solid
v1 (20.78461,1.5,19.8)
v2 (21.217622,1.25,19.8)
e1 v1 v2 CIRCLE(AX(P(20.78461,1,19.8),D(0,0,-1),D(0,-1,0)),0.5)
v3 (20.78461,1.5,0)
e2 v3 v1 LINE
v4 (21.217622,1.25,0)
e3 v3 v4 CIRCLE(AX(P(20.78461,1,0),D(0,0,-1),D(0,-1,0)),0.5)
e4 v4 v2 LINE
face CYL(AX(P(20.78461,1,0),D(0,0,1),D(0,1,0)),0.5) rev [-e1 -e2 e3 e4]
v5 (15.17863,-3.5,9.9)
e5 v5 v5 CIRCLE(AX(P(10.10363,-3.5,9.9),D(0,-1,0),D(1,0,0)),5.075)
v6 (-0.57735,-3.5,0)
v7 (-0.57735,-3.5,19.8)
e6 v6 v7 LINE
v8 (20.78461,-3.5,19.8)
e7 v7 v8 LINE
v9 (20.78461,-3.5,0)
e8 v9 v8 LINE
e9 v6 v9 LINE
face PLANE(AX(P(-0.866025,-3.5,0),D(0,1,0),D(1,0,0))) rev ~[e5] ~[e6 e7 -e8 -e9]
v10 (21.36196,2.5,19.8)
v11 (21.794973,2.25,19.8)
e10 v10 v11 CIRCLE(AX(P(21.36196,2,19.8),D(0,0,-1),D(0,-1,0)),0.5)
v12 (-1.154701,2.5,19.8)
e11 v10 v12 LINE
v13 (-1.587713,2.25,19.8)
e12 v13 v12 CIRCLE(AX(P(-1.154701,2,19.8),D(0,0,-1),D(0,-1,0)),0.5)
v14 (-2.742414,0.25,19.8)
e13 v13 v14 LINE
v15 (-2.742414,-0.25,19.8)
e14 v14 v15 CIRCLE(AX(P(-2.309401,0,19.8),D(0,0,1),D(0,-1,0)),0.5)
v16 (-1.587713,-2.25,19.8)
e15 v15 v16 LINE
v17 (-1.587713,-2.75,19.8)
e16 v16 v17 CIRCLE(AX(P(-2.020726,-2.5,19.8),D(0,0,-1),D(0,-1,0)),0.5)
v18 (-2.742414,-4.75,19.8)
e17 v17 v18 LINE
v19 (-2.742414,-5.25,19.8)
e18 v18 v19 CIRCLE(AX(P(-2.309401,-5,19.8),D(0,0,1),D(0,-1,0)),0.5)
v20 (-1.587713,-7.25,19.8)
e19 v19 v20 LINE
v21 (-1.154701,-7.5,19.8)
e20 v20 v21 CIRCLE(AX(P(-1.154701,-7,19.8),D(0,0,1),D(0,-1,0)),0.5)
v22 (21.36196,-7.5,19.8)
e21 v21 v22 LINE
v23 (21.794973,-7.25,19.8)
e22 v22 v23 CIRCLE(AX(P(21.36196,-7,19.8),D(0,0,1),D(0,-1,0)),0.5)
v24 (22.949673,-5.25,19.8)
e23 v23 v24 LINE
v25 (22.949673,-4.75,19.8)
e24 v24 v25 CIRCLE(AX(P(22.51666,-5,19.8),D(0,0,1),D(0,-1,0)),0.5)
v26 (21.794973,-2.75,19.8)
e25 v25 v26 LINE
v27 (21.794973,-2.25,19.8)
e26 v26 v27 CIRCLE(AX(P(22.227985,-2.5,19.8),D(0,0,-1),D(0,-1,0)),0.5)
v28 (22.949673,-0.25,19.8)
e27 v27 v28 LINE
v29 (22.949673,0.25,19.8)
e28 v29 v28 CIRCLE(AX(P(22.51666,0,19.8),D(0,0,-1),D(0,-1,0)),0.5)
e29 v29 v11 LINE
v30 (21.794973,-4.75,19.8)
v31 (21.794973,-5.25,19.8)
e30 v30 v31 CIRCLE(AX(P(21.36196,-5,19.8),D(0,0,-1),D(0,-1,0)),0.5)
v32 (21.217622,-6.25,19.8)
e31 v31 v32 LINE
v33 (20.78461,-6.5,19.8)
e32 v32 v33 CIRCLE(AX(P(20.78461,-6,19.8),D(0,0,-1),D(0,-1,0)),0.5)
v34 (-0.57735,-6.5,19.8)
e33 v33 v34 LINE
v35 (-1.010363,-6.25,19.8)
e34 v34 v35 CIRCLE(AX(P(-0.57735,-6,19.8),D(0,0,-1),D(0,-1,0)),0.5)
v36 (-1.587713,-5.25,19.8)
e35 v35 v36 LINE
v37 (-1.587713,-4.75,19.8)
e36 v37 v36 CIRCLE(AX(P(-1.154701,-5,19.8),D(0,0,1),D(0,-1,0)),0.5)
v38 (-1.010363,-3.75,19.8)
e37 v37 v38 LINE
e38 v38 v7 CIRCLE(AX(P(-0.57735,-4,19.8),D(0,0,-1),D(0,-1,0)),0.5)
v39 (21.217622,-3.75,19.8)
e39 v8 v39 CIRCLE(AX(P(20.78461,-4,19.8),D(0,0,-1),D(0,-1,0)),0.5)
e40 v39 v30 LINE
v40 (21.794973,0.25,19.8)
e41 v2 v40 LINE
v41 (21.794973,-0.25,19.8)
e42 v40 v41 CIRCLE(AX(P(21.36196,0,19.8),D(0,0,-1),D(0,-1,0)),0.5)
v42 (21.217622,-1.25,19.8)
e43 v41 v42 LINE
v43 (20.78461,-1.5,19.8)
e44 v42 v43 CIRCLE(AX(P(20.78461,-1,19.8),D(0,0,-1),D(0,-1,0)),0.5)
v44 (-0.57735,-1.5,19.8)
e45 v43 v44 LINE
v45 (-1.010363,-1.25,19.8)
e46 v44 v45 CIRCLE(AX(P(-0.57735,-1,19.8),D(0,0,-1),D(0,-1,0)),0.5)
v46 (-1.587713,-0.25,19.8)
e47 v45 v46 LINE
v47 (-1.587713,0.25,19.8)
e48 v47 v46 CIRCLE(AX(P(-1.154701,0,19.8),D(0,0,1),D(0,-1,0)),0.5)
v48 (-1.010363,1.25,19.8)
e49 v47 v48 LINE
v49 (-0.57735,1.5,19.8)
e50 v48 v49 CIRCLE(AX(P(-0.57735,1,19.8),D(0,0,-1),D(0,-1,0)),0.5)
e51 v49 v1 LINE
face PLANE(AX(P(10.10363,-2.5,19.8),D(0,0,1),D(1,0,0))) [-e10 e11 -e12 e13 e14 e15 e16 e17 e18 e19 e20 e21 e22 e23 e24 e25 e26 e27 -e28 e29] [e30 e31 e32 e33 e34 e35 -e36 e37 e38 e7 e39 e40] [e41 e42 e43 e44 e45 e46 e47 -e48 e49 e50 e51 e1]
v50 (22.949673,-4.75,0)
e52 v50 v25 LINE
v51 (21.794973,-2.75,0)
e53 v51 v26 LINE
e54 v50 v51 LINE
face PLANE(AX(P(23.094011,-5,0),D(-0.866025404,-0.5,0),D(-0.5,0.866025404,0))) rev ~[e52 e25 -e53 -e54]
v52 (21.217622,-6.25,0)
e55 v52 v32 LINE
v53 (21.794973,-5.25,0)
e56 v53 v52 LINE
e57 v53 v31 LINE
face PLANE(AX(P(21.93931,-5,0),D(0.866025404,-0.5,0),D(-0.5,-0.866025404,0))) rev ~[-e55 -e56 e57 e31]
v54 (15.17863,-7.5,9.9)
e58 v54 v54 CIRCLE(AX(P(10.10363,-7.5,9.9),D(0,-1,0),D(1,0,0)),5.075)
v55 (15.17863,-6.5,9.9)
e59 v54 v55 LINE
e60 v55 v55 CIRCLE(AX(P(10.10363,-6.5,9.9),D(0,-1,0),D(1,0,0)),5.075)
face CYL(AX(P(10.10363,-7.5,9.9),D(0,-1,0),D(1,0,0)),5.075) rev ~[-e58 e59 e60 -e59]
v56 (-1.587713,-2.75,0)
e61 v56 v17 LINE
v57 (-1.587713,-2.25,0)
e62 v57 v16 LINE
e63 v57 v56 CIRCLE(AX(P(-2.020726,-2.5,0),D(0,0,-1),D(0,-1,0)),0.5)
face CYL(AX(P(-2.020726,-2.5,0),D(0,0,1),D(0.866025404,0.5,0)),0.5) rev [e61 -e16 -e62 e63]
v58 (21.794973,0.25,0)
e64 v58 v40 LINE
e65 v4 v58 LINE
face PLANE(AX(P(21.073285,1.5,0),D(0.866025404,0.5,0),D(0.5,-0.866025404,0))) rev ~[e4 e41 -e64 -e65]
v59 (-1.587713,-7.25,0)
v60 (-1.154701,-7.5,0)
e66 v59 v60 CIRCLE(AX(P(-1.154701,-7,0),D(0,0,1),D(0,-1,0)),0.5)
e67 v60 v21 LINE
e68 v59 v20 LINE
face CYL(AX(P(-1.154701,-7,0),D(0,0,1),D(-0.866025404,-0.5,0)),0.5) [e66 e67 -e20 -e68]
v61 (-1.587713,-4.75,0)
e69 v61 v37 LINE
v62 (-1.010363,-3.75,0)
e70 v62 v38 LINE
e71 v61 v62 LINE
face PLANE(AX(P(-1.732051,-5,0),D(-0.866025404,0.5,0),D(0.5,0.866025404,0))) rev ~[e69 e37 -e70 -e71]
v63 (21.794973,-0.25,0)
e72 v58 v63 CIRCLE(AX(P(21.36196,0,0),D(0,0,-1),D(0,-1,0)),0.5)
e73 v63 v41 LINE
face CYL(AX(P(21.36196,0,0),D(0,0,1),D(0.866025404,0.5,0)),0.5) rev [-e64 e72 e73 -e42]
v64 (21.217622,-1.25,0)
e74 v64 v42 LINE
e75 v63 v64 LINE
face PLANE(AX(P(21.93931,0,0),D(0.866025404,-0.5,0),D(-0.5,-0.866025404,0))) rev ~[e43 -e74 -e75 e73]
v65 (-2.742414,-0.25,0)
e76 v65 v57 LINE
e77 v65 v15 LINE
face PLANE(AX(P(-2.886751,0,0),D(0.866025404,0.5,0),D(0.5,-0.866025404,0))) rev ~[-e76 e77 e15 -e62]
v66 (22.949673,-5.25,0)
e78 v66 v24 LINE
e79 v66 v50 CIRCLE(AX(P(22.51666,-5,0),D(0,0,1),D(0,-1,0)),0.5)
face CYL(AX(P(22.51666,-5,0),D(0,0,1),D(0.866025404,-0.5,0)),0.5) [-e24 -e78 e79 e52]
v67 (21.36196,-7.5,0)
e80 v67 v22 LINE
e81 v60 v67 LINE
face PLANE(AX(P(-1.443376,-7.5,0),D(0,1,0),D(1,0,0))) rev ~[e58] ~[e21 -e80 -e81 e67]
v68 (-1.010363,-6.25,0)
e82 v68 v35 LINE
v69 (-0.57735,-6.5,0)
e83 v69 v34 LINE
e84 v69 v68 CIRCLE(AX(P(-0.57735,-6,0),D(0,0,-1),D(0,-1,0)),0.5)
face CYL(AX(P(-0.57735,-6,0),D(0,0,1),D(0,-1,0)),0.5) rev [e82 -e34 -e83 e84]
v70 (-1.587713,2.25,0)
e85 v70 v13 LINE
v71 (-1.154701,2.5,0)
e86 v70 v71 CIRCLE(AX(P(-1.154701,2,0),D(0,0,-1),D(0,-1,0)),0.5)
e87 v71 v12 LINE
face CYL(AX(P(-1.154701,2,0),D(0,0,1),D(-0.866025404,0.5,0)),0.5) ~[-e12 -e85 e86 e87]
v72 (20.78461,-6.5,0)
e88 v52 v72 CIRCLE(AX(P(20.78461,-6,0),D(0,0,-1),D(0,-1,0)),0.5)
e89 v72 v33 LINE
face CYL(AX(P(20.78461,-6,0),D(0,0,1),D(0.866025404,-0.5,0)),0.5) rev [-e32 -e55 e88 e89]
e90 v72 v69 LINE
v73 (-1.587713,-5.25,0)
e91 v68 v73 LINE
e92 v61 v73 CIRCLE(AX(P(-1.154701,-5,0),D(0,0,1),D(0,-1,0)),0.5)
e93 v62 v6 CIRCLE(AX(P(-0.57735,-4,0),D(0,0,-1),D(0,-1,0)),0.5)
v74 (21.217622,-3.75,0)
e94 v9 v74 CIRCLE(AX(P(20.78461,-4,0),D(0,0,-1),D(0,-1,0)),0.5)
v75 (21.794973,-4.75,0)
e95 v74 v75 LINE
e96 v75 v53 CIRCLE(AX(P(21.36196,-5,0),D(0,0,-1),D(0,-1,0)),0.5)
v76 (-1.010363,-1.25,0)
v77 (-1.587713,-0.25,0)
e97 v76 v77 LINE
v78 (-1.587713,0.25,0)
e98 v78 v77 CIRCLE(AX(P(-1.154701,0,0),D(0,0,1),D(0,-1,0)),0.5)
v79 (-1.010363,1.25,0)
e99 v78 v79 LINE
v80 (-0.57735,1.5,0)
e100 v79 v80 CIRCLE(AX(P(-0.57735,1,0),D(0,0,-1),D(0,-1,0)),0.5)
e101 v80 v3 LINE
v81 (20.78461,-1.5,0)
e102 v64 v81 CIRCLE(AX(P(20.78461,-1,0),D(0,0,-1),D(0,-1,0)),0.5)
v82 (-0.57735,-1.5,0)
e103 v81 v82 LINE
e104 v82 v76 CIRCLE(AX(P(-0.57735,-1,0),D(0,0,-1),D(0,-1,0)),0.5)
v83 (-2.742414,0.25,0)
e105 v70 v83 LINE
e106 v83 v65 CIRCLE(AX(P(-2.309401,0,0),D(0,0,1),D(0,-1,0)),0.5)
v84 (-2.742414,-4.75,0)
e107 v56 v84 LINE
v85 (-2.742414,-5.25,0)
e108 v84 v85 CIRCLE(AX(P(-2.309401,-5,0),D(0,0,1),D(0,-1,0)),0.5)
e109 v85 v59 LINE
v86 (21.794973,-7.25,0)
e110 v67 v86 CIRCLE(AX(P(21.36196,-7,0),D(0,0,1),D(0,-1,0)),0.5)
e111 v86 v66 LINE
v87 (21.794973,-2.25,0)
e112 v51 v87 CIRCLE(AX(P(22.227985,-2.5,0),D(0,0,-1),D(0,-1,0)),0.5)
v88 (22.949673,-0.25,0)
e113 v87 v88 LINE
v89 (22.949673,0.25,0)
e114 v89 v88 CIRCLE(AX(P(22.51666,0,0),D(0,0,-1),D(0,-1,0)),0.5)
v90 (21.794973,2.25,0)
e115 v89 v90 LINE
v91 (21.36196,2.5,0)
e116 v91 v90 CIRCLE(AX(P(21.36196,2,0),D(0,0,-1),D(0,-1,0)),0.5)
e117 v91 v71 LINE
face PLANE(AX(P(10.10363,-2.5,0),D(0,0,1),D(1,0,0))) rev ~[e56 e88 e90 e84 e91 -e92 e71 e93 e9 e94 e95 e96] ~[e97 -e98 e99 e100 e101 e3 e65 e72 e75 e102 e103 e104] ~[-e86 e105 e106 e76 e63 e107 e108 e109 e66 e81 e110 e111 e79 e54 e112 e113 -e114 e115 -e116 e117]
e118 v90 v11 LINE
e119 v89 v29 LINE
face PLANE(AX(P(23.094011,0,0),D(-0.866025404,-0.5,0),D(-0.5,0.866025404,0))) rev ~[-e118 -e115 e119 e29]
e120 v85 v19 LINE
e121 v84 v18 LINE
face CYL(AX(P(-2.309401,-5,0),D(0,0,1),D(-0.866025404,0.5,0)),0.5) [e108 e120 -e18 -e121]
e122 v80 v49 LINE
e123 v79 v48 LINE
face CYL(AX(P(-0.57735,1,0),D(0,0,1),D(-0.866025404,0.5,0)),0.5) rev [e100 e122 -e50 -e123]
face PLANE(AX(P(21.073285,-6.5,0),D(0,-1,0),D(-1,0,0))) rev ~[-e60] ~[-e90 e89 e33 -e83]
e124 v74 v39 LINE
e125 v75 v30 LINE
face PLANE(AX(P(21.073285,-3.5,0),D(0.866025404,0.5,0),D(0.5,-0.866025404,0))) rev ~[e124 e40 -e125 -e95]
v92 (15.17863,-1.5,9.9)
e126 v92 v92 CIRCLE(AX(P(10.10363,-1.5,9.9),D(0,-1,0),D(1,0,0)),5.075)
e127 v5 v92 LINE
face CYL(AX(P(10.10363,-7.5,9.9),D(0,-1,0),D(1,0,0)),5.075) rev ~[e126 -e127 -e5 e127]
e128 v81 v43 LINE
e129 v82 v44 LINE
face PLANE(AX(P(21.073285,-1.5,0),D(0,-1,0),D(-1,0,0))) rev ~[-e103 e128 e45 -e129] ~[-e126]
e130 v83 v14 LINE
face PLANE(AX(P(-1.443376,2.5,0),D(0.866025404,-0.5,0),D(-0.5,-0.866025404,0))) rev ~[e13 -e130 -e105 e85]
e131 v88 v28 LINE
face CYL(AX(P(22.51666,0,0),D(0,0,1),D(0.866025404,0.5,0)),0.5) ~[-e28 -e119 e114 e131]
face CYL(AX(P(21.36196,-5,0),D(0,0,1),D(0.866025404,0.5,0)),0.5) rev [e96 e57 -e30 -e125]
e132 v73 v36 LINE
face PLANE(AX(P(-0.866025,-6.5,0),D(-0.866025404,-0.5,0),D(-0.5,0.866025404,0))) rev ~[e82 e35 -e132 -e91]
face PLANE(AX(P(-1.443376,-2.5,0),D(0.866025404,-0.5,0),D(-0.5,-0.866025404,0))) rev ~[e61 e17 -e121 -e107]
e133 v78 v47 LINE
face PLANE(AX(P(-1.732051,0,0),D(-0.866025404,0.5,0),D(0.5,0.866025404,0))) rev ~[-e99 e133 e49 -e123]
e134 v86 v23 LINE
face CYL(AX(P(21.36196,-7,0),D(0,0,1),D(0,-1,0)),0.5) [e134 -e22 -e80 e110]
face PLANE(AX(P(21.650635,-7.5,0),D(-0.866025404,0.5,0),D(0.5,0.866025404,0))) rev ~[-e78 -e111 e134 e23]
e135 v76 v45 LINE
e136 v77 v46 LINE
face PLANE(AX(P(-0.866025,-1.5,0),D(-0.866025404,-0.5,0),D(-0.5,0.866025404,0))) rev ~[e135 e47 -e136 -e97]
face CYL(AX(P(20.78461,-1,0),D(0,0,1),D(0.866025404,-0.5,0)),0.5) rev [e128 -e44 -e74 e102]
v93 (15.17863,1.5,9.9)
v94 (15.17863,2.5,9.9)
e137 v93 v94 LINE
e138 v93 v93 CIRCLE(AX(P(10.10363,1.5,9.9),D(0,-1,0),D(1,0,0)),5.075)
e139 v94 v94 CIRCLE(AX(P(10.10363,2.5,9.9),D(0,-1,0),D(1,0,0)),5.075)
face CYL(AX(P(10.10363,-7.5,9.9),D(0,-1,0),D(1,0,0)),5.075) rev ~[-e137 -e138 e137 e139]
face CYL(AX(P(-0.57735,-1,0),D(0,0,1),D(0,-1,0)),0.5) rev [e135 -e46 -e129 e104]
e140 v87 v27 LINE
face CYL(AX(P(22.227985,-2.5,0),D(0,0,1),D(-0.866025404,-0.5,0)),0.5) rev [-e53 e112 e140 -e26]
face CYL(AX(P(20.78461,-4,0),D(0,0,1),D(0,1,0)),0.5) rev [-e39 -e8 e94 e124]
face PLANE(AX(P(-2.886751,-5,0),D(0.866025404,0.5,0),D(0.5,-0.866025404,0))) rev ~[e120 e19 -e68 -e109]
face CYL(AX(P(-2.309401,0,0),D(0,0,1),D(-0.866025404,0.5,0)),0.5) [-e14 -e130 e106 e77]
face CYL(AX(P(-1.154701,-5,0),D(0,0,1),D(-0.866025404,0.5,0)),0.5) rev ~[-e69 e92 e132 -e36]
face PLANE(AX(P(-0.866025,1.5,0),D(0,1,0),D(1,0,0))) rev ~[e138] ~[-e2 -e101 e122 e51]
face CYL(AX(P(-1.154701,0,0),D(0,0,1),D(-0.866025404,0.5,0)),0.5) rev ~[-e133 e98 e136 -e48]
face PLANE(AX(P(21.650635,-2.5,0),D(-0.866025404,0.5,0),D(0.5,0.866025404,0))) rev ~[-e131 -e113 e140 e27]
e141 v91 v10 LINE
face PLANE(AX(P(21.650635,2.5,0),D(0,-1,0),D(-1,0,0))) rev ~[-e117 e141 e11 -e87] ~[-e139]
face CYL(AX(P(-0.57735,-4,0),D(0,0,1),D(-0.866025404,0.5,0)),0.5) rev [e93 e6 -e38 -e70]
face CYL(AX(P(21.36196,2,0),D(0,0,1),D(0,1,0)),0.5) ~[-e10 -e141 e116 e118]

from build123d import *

# Parameters (mm, degrees)
BOSS_EXTRUDE5_DEPTH = 19.8
SKETCH6_R           = 5.075
CUT_EXTRUDE1_DEPTH  = 10
FILLET2_R           = 0.5


with BuildPart() as part:
    # Sketch5 → Boss-Extrude5 (new body)
    with BuildSketch(Plane.XY):
        Polygon((4.330127019, 2.5), (1.443375673, 2.5), (-1.443375673, 2.5), (-2.886751346, 0), (-1.443375673, -2.5), (-2.886751346, -5), (-1.443375673, -7.5), (1.443375673, -7.5), (4.330127019, -7.5), (7.216878365, -7.5), (10.103629711, -7.5), (12.990381057, -7.5), (15.877132403, -7.5), (18.763883749, -7.5), (21.650635095, -7.5), (23.094010768, -5), (21.650635095, -2.5), (23.094010768, 0), (21.650635095, 2.5), (18.763883749, 2.5), (15.877132403, 2.5), (12.990381057, 2.5), (10.103629711, 2.5), (7.216878365, 2.5), align=None)
        Polygon((-0.866025404, -3.5), (0.866025404, -3.5), (2.020725942, -3.5), (19.341234018, -3.5), (21.073284825, -3.5), (21.939310229, -5), (21.073284825, -6.5), (19.341234018, -6.5), (0.866025404, -6.5), (-0.866025404, -6.5), (-1.732050808, -5), align=None, mode=Mode.SUBTRACT)
        Polygon((-0.866025404, 1.5), (0.866025404, 1.5), (18.186533479, 1.5), (19.341234018, 1.5), (21.073284825, 1.5), (21.939310229, 0), (21.073284825, -1.5), (19.341234018, -1.5), (0.866025404, -1.5), (-0.866025404, -1.5), (-1.732050808, 0), align=None, mode=Mode.SUBTRACT)
    extrude(amount=BOSS_EXTRUDE5_DEPTH)

    # Sketch6 → Cut-Extrude1 (cut)
    with BuildSketch(Plane.XZ.offset(7.5)):
        with Locations((10.103629827, 9.9)):
            Circle(SKETCH6_R)
    extrude(amount=-CUT_EXTRUDE1_DEPTH, mode=Mode.SUBTRACT)

    # Fillet2
    fillet2_edges = [part.edges().sort_by_distance(p)[0] for p in [
        (21.073284825, -3.5, 9.9),
        (-0.866025404, -3.5, 9.9),
        (-1.732050808, -5, 9.9),
        (-0.866025404, -6.5, 9.9),
        (21.073284825, -6.5, 9.9),
        (21.939310229, -5, 9.9),
        (21.650635095, 2.5, 9.9),
        (23.094010768, 0, 9.9),
        (21.650635095, -2.5, 9.9),
        (23.094010768, -5, 9.9),
        (21.650635095, -7.5, 9.9),
        (-1.443375673, -7.5, 9.9),
        (-2.886751346, -5, 9.9),
        (-1.443375673, -2.5, 9.9),
        (-2.886751346, 0, 9.9),
        (-1.443375673, 2.5, 9.9),
        (21.073284825, 1.5, 9.9),
        (-0.866025404, 1.5, 9.9),
        (-1.732050808, 0, 9.9),
        (-0.866025404, -1.5, 9.9),
        (21.073284825, -1.5, 9.9),
        (21.939310229, 0, 9.9),
    ]]
    fillet(fillet2_edges, radius=FILLET2_R)


solid = part.part
